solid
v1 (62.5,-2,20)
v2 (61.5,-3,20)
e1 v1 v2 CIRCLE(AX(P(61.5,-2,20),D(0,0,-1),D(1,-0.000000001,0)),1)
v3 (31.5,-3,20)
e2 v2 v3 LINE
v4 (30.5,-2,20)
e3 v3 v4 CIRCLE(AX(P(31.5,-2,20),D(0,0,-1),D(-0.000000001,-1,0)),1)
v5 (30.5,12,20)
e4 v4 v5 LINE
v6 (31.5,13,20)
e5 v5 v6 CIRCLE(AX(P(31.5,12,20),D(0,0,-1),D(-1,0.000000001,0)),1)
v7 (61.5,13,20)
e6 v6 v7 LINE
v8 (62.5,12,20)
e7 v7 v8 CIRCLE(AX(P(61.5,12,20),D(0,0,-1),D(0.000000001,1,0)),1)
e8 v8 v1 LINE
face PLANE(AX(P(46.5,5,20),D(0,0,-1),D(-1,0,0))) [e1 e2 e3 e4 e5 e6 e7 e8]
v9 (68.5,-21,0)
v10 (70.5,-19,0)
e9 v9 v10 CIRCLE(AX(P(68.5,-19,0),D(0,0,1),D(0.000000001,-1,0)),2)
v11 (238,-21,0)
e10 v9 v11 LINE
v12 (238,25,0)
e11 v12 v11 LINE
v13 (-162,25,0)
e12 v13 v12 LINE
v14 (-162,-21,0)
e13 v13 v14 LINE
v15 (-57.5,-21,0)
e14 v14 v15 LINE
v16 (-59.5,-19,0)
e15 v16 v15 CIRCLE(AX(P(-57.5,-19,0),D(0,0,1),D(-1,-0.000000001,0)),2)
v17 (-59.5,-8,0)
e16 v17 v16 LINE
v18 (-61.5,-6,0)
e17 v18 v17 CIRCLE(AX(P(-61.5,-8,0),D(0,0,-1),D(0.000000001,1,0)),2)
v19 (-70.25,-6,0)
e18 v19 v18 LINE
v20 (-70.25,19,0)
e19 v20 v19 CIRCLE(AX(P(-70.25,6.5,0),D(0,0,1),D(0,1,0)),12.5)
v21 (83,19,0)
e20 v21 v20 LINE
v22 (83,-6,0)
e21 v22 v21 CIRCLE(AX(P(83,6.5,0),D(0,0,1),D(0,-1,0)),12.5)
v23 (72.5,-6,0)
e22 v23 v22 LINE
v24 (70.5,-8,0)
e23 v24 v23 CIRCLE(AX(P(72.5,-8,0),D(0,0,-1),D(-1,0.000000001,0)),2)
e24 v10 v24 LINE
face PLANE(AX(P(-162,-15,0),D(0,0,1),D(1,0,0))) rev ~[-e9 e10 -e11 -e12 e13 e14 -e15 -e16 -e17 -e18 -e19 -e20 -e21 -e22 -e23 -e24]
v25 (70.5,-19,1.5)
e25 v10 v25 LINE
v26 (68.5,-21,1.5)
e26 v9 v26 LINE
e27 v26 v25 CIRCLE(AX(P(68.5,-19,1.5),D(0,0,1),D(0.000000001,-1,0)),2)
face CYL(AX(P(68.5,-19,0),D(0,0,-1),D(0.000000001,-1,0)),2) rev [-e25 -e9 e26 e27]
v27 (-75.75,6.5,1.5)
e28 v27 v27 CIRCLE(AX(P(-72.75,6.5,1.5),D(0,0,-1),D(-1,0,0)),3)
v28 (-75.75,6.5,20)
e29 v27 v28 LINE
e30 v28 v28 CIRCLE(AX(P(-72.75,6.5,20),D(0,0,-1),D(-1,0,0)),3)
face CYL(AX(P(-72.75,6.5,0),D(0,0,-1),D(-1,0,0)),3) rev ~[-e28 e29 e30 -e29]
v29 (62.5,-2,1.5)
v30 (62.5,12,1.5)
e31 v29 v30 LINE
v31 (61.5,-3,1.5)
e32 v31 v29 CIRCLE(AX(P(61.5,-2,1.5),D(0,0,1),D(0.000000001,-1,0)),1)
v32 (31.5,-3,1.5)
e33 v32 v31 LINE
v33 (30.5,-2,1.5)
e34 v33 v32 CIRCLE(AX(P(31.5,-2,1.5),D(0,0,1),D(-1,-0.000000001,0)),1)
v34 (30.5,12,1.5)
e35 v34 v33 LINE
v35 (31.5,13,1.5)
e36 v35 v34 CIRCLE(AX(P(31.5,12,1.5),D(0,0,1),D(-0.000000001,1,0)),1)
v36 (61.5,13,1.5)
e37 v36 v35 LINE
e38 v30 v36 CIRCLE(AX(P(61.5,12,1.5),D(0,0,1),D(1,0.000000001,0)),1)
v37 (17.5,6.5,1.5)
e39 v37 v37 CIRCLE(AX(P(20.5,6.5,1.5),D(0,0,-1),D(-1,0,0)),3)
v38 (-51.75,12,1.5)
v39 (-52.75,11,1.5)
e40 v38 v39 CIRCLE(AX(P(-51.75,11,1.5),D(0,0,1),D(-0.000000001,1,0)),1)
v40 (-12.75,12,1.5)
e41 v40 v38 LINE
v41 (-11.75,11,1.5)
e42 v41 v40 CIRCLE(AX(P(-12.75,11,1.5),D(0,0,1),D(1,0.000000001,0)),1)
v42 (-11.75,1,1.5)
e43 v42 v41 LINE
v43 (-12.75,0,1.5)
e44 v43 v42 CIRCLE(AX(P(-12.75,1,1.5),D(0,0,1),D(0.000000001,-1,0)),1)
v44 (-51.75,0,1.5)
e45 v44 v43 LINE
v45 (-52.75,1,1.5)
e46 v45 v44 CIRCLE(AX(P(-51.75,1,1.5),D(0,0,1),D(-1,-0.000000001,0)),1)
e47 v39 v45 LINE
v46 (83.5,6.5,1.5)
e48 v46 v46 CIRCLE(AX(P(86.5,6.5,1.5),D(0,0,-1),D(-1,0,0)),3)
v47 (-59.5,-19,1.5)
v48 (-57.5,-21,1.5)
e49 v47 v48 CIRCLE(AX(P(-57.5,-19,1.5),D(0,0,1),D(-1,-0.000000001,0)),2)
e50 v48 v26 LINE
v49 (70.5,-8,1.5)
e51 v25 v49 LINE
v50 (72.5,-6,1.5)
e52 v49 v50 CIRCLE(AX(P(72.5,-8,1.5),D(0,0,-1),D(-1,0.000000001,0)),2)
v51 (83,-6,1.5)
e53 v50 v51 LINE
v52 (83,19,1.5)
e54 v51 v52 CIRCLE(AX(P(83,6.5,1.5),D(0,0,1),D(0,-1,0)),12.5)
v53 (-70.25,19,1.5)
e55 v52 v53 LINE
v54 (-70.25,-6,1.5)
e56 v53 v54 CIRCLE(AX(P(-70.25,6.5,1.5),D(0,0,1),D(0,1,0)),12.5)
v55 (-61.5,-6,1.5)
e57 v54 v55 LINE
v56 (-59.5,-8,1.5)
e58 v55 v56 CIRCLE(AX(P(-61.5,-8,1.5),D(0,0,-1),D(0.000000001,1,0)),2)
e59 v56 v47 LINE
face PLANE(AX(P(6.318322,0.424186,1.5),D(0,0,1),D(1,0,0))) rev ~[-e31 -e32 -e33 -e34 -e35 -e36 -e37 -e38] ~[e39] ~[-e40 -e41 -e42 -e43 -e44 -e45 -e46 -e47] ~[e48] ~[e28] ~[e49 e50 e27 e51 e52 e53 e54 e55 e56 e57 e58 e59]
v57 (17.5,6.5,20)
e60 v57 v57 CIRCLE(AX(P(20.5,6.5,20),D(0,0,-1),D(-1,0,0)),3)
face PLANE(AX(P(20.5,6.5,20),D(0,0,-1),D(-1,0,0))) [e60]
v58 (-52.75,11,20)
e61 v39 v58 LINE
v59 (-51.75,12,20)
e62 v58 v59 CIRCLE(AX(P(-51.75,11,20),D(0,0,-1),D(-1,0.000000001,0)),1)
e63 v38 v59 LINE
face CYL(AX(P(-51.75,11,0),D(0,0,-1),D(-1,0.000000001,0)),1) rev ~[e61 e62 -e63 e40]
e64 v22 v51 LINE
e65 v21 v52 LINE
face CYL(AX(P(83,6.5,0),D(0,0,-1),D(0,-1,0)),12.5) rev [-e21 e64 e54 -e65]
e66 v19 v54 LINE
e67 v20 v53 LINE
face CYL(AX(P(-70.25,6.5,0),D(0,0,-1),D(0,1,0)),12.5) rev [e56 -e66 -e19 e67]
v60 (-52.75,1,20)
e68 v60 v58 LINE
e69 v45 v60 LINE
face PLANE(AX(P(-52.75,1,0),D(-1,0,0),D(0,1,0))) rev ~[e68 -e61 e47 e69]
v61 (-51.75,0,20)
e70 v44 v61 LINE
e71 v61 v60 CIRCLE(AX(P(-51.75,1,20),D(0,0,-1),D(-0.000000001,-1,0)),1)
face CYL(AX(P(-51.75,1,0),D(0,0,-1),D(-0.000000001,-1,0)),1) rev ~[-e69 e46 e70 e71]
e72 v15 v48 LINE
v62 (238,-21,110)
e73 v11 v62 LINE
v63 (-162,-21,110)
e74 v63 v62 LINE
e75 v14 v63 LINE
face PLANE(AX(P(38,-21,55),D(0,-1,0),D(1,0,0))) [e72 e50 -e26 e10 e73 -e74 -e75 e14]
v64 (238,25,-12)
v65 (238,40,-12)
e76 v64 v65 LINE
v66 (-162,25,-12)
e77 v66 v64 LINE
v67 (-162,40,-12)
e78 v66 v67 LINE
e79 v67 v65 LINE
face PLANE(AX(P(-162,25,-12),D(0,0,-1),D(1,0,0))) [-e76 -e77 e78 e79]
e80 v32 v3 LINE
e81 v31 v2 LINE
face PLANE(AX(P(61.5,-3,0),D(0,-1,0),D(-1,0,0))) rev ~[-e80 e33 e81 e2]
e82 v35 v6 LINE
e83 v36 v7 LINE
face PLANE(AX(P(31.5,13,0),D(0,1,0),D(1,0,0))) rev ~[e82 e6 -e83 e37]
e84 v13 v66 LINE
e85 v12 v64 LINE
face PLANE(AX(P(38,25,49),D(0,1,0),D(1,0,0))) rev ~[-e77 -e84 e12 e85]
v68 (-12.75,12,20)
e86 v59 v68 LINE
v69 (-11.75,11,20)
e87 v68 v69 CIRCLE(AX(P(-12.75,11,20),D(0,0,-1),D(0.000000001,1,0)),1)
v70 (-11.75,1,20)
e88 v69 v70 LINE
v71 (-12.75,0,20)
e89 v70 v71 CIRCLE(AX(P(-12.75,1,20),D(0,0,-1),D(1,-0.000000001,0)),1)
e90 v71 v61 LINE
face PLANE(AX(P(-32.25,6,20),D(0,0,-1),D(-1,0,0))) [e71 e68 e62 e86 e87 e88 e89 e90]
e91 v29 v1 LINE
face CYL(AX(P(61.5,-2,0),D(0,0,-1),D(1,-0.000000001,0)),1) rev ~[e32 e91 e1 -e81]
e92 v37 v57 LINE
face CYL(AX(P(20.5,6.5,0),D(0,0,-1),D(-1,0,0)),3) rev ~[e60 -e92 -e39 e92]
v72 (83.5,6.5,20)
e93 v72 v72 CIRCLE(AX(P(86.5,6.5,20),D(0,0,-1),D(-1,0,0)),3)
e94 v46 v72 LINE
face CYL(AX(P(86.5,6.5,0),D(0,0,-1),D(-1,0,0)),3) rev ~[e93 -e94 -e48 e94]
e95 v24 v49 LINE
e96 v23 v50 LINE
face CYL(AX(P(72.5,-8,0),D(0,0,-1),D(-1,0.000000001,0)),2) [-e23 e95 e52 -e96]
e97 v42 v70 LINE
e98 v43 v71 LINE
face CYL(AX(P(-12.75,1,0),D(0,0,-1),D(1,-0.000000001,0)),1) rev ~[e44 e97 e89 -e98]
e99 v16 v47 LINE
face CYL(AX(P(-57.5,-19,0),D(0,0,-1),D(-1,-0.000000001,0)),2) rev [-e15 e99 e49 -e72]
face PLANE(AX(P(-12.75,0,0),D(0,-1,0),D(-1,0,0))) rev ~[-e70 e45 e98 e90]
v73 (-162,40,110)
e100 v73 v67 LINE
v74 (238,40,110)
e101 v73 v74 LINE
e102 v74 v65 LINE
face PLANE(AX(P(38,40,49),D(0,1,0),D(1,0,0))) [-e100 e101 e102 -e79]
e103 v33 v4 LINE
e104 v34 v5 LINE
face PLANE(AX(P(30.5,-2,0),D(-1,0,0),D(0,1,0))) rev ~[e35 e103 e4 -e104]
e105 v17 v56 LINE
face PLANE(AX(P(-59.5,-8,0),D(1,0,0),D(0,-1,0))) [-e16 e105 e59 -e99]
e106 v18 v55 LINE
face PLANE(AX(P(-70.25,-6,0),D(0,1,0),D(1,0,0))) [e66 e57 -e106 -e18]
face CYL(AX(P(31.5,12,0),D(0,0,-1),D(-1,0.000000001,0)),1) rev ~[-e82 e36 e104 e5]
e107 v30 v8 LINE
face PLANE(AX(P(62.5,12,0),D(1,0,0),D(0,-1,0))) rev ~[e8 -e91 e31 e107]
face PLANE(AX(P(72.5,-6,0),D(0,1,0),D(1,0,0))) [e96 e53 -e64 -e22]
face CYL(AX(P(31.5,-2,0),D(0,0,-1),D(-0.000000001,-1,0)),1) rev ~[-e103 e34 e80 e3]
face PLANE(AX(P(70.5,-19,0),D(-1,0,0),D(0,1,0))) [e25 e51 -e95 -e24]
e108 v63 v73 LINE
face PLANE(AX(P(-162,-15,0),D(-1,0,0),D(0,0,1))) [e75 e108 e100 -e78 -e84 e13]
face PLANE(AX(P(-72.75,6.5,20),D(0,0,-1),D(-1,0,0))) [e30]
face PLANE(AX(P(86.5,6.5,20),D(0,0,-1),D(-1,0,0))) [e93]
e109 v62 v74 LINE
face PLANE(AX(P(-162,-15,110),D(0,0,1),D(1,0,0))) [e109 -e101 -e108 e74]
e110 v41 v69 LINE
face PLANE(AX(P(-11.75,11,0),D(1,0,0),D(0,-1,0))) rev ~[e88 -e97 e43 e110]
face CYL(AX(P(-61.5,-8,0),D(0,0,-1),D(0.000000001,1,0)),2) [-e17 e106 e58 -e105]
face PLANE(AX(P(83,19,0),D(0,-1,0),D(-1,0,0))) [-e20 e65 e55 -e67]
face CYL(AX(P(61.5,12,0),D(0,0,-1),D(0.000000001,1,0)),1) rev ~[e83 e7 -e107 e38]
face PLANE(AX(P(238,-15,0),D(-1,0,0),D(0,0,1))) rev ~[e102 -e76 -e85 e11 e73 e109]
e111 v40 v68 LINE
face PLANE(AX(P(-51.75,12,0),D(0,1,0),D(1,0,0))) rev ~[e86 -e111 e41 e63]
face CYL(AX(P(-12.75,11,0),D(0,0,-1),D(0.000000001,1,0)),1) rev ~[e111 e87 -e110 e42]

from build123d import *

# Parameters (mm, degrees)
ESQUISSE3_W      = 400
ESQUISSE3_H      = 40
EXTRUSION1_DEPTH = 110
ESQUISSE8_W      = 400
ESQUISSE8_H      = 122
EXTRUSION3_DEPTH = 15
ESQUISSE11_W     = 400
ESQUISSE11_H     = 110
EXTRUSION5_DEPTH = 6
ESQUISSE10_R     = 3
EXTRUSION4_DEPTH = 1.5
ESQUISSE12_R     = 3
EXTRUSION6_DEPTH = 20


with BuildPart() as part:
    # Esquisse3 → Extrusion1 (new body)
    with BuildSketch(Plane.XY):
        with Locations((38, 5)):
            Rectangle(ESQUISSE3_W, ESQUISSE3_H)
    extrude(amount=EXTRUSION1_DEPTH)

    # Esquisse8 → Extrusion3 (add)
    with BuildSketch(Plane(origin=(0, 25, 0), x_dir=(1, 0, 0), z_dir=(0, 1, 0))):
        with Locations((38, -49)):
            Rectangle(ESQUISSE8_W, ESQUISSE8_H)
    extrude(amount=EXTRUSION3_DEPTH)

    # Esquisse11 → Extrusion5 (add)
    with BuildSketch(Plane.XZ.offset(15)):
        with Locations((38, 55)):
            Rectangle(ESQUISSE11_W, ESQUISSE11_H)
    extrude(amount=EXTRUSION5_DEPTH)

    # Esquisse10 → Extrusion4 (cut)
    with BuildSketch(Plane(origin=(0, 0, 0), x_dir=(-1, 0, 0), z_dir=(0, 0, -1))):
        with BuildLine():
            Line((59.5, -8), (59.5, -19))
            ThreePointArc((59.5, -19), (58.914213562, -20.414213562), (57.5, -21))
            Line((57.5, -21), (-68.5, -21))
            ThreePointArc((-68.5, -21), (-69.914213562, -20.414213562), (-70.5, -19))
            Line((-70.5, -19), (-70.5, -8))
            ThreePointArc((-70.5, -8), (-71.085786438, -6.585786438), (-72.5, -6))
            Line((-72.5, -6), (-83, -6))
            ThreePointArc((-83, -6), (-95.5, 6.5), (-83, 19))
            Line((-83, 19), (70.25, 19))
            ThreePointArc((70.25, 19), (82.75, 6.5), (70.25, -6))
            Line((70.25, -6), (61.5, -6))
            ThreePointArc((61.5, -6), (60.085786438, -6.585786438), (59.5, -8))
        make_face()
        with Locations((-86.5, 6.5)):
            Circle(ESQUISSE10_R, mode=Mode.SUBTRACT)
        with Locations((-20.5, 6.5)):
            Circle(ESQUISSE10_R, mode=Mode.SUBTRACT)
        with Locations((72.75, 6.5)):
            Circle(ESQUISSE10_R, mode=Mode.SUBTRACT)
        with BuildLine():
            Line((-31.5, -3), (-61.5, -3))
            ThreePointArc((-61.5, -3), (-62.207106781, -2.707106781), (-62.5, -2))
            Line((-62.5, -2), (-62.5, 12))
            ThreePointArc((-62.5, 12), (-62.207106781, 12.707106781), (-61.5, 13))
            Line((-61.5, 13), (-31.5, 13))
            ThreePointArc((-31.5, 13), (-30.792893219, 12.707106781), (-30.5, 12))
            Line((-30.5, 12), (-30.5, -2))
            ThreePointArc((-30.5, -2), (-30.792893219, -2.707106781), (-31.5, -3))
        make_face(mode=Mode.SUBTRACT)
        with BuildLine():
            Line((51.75, 0), (12.75, 0))
            ThreePointArc((12.75, 0), (12.042893219, 0.292893219), (11.75, 1))
            Line((11.75, 1), (11.75, 11))
            ThreePointArc((11.75, 11), (12.042893219, 11.707106781), (12.75, 12))
            Line((12.75, 12), (51.75, 12))
            ThreePointArc((51.75, 12), (52.457106781, 11.707106781), (52.75, 11))
            Line((52.75, 11), (52.75, 1))
            ThreePointArc((52.75, 1), (52.457106781, 0.292893219), (51.75, 0))
        make_face(mode=Mode.SUBTRACT)
    extrude(amount=-EXTRUSION4_DEPTH, mode=Mode.SUBTRACT)

    # Esquisse12 → Extrusion6 (cut)
    with BuildSketch(Plane(origin=(0, 0, 0), x_dir=(-1, 0, 0), z_dir=(0, 0, -1))):
        with Locations((-86.5, 6.5)):
            Circle(ESQUISSE12_R)
        with Locations((-20.5, 6.5)):
            Circle(ESQUISSE12_R)
        with Locations((72.75, 6.5)):
            Circle(ESQUISSE12_R)
        with BuildLine():
            Line((-30.5, -2), (-30.5, 12))
            ThreePointArc((-30.5, 12), (-30.792893219, 12.707106781), (-31.5, 13))
            Line((-31.5, 13), (-61.5, 13))
            ThreePointArc((-61.5, 13), (-62.207106781, 12.707106781), (-62.5, 12))
            Line((-62.5, 12), (-62.5, -2))
            ThreePointArc((-62.5, -2), (-62.207106781, -2.707106781), (-61.5, -3))
            Line((-61.5, -3), (-31.5, -3))
            ThreePointArc((-31.5, -3), (-30.792893219, -2.707106781), (-30.5, -2))
        make_face()
        with BuildLine():
            Line((52.75, 1), (52.75, 11))
            ThreePointArc((52.75, 11), (52.457106781, 11.707106781), (51.75, 12))
            Line((51.75, 12), (12.75, 12))
            ThreePointArc((12.75, 12), (12.042893219, 11.707106781), (11.75, 11))
            Line((11.75, 11), (11.75, 1))
            ThreePointArc((11.75, 1), (12.042893219, 0.292893219), (12.75, 0))
            Line((12.75, 0), (51.75, 0))
            ThreePointArc((51.75, 0), (52.457106781, 0.292893219), (52.75, 1))
        make_face()
    extrude(amount=-EXTRUSION6_DEPTH, mode=Mode.SUBTRACT)


solid = part.part
